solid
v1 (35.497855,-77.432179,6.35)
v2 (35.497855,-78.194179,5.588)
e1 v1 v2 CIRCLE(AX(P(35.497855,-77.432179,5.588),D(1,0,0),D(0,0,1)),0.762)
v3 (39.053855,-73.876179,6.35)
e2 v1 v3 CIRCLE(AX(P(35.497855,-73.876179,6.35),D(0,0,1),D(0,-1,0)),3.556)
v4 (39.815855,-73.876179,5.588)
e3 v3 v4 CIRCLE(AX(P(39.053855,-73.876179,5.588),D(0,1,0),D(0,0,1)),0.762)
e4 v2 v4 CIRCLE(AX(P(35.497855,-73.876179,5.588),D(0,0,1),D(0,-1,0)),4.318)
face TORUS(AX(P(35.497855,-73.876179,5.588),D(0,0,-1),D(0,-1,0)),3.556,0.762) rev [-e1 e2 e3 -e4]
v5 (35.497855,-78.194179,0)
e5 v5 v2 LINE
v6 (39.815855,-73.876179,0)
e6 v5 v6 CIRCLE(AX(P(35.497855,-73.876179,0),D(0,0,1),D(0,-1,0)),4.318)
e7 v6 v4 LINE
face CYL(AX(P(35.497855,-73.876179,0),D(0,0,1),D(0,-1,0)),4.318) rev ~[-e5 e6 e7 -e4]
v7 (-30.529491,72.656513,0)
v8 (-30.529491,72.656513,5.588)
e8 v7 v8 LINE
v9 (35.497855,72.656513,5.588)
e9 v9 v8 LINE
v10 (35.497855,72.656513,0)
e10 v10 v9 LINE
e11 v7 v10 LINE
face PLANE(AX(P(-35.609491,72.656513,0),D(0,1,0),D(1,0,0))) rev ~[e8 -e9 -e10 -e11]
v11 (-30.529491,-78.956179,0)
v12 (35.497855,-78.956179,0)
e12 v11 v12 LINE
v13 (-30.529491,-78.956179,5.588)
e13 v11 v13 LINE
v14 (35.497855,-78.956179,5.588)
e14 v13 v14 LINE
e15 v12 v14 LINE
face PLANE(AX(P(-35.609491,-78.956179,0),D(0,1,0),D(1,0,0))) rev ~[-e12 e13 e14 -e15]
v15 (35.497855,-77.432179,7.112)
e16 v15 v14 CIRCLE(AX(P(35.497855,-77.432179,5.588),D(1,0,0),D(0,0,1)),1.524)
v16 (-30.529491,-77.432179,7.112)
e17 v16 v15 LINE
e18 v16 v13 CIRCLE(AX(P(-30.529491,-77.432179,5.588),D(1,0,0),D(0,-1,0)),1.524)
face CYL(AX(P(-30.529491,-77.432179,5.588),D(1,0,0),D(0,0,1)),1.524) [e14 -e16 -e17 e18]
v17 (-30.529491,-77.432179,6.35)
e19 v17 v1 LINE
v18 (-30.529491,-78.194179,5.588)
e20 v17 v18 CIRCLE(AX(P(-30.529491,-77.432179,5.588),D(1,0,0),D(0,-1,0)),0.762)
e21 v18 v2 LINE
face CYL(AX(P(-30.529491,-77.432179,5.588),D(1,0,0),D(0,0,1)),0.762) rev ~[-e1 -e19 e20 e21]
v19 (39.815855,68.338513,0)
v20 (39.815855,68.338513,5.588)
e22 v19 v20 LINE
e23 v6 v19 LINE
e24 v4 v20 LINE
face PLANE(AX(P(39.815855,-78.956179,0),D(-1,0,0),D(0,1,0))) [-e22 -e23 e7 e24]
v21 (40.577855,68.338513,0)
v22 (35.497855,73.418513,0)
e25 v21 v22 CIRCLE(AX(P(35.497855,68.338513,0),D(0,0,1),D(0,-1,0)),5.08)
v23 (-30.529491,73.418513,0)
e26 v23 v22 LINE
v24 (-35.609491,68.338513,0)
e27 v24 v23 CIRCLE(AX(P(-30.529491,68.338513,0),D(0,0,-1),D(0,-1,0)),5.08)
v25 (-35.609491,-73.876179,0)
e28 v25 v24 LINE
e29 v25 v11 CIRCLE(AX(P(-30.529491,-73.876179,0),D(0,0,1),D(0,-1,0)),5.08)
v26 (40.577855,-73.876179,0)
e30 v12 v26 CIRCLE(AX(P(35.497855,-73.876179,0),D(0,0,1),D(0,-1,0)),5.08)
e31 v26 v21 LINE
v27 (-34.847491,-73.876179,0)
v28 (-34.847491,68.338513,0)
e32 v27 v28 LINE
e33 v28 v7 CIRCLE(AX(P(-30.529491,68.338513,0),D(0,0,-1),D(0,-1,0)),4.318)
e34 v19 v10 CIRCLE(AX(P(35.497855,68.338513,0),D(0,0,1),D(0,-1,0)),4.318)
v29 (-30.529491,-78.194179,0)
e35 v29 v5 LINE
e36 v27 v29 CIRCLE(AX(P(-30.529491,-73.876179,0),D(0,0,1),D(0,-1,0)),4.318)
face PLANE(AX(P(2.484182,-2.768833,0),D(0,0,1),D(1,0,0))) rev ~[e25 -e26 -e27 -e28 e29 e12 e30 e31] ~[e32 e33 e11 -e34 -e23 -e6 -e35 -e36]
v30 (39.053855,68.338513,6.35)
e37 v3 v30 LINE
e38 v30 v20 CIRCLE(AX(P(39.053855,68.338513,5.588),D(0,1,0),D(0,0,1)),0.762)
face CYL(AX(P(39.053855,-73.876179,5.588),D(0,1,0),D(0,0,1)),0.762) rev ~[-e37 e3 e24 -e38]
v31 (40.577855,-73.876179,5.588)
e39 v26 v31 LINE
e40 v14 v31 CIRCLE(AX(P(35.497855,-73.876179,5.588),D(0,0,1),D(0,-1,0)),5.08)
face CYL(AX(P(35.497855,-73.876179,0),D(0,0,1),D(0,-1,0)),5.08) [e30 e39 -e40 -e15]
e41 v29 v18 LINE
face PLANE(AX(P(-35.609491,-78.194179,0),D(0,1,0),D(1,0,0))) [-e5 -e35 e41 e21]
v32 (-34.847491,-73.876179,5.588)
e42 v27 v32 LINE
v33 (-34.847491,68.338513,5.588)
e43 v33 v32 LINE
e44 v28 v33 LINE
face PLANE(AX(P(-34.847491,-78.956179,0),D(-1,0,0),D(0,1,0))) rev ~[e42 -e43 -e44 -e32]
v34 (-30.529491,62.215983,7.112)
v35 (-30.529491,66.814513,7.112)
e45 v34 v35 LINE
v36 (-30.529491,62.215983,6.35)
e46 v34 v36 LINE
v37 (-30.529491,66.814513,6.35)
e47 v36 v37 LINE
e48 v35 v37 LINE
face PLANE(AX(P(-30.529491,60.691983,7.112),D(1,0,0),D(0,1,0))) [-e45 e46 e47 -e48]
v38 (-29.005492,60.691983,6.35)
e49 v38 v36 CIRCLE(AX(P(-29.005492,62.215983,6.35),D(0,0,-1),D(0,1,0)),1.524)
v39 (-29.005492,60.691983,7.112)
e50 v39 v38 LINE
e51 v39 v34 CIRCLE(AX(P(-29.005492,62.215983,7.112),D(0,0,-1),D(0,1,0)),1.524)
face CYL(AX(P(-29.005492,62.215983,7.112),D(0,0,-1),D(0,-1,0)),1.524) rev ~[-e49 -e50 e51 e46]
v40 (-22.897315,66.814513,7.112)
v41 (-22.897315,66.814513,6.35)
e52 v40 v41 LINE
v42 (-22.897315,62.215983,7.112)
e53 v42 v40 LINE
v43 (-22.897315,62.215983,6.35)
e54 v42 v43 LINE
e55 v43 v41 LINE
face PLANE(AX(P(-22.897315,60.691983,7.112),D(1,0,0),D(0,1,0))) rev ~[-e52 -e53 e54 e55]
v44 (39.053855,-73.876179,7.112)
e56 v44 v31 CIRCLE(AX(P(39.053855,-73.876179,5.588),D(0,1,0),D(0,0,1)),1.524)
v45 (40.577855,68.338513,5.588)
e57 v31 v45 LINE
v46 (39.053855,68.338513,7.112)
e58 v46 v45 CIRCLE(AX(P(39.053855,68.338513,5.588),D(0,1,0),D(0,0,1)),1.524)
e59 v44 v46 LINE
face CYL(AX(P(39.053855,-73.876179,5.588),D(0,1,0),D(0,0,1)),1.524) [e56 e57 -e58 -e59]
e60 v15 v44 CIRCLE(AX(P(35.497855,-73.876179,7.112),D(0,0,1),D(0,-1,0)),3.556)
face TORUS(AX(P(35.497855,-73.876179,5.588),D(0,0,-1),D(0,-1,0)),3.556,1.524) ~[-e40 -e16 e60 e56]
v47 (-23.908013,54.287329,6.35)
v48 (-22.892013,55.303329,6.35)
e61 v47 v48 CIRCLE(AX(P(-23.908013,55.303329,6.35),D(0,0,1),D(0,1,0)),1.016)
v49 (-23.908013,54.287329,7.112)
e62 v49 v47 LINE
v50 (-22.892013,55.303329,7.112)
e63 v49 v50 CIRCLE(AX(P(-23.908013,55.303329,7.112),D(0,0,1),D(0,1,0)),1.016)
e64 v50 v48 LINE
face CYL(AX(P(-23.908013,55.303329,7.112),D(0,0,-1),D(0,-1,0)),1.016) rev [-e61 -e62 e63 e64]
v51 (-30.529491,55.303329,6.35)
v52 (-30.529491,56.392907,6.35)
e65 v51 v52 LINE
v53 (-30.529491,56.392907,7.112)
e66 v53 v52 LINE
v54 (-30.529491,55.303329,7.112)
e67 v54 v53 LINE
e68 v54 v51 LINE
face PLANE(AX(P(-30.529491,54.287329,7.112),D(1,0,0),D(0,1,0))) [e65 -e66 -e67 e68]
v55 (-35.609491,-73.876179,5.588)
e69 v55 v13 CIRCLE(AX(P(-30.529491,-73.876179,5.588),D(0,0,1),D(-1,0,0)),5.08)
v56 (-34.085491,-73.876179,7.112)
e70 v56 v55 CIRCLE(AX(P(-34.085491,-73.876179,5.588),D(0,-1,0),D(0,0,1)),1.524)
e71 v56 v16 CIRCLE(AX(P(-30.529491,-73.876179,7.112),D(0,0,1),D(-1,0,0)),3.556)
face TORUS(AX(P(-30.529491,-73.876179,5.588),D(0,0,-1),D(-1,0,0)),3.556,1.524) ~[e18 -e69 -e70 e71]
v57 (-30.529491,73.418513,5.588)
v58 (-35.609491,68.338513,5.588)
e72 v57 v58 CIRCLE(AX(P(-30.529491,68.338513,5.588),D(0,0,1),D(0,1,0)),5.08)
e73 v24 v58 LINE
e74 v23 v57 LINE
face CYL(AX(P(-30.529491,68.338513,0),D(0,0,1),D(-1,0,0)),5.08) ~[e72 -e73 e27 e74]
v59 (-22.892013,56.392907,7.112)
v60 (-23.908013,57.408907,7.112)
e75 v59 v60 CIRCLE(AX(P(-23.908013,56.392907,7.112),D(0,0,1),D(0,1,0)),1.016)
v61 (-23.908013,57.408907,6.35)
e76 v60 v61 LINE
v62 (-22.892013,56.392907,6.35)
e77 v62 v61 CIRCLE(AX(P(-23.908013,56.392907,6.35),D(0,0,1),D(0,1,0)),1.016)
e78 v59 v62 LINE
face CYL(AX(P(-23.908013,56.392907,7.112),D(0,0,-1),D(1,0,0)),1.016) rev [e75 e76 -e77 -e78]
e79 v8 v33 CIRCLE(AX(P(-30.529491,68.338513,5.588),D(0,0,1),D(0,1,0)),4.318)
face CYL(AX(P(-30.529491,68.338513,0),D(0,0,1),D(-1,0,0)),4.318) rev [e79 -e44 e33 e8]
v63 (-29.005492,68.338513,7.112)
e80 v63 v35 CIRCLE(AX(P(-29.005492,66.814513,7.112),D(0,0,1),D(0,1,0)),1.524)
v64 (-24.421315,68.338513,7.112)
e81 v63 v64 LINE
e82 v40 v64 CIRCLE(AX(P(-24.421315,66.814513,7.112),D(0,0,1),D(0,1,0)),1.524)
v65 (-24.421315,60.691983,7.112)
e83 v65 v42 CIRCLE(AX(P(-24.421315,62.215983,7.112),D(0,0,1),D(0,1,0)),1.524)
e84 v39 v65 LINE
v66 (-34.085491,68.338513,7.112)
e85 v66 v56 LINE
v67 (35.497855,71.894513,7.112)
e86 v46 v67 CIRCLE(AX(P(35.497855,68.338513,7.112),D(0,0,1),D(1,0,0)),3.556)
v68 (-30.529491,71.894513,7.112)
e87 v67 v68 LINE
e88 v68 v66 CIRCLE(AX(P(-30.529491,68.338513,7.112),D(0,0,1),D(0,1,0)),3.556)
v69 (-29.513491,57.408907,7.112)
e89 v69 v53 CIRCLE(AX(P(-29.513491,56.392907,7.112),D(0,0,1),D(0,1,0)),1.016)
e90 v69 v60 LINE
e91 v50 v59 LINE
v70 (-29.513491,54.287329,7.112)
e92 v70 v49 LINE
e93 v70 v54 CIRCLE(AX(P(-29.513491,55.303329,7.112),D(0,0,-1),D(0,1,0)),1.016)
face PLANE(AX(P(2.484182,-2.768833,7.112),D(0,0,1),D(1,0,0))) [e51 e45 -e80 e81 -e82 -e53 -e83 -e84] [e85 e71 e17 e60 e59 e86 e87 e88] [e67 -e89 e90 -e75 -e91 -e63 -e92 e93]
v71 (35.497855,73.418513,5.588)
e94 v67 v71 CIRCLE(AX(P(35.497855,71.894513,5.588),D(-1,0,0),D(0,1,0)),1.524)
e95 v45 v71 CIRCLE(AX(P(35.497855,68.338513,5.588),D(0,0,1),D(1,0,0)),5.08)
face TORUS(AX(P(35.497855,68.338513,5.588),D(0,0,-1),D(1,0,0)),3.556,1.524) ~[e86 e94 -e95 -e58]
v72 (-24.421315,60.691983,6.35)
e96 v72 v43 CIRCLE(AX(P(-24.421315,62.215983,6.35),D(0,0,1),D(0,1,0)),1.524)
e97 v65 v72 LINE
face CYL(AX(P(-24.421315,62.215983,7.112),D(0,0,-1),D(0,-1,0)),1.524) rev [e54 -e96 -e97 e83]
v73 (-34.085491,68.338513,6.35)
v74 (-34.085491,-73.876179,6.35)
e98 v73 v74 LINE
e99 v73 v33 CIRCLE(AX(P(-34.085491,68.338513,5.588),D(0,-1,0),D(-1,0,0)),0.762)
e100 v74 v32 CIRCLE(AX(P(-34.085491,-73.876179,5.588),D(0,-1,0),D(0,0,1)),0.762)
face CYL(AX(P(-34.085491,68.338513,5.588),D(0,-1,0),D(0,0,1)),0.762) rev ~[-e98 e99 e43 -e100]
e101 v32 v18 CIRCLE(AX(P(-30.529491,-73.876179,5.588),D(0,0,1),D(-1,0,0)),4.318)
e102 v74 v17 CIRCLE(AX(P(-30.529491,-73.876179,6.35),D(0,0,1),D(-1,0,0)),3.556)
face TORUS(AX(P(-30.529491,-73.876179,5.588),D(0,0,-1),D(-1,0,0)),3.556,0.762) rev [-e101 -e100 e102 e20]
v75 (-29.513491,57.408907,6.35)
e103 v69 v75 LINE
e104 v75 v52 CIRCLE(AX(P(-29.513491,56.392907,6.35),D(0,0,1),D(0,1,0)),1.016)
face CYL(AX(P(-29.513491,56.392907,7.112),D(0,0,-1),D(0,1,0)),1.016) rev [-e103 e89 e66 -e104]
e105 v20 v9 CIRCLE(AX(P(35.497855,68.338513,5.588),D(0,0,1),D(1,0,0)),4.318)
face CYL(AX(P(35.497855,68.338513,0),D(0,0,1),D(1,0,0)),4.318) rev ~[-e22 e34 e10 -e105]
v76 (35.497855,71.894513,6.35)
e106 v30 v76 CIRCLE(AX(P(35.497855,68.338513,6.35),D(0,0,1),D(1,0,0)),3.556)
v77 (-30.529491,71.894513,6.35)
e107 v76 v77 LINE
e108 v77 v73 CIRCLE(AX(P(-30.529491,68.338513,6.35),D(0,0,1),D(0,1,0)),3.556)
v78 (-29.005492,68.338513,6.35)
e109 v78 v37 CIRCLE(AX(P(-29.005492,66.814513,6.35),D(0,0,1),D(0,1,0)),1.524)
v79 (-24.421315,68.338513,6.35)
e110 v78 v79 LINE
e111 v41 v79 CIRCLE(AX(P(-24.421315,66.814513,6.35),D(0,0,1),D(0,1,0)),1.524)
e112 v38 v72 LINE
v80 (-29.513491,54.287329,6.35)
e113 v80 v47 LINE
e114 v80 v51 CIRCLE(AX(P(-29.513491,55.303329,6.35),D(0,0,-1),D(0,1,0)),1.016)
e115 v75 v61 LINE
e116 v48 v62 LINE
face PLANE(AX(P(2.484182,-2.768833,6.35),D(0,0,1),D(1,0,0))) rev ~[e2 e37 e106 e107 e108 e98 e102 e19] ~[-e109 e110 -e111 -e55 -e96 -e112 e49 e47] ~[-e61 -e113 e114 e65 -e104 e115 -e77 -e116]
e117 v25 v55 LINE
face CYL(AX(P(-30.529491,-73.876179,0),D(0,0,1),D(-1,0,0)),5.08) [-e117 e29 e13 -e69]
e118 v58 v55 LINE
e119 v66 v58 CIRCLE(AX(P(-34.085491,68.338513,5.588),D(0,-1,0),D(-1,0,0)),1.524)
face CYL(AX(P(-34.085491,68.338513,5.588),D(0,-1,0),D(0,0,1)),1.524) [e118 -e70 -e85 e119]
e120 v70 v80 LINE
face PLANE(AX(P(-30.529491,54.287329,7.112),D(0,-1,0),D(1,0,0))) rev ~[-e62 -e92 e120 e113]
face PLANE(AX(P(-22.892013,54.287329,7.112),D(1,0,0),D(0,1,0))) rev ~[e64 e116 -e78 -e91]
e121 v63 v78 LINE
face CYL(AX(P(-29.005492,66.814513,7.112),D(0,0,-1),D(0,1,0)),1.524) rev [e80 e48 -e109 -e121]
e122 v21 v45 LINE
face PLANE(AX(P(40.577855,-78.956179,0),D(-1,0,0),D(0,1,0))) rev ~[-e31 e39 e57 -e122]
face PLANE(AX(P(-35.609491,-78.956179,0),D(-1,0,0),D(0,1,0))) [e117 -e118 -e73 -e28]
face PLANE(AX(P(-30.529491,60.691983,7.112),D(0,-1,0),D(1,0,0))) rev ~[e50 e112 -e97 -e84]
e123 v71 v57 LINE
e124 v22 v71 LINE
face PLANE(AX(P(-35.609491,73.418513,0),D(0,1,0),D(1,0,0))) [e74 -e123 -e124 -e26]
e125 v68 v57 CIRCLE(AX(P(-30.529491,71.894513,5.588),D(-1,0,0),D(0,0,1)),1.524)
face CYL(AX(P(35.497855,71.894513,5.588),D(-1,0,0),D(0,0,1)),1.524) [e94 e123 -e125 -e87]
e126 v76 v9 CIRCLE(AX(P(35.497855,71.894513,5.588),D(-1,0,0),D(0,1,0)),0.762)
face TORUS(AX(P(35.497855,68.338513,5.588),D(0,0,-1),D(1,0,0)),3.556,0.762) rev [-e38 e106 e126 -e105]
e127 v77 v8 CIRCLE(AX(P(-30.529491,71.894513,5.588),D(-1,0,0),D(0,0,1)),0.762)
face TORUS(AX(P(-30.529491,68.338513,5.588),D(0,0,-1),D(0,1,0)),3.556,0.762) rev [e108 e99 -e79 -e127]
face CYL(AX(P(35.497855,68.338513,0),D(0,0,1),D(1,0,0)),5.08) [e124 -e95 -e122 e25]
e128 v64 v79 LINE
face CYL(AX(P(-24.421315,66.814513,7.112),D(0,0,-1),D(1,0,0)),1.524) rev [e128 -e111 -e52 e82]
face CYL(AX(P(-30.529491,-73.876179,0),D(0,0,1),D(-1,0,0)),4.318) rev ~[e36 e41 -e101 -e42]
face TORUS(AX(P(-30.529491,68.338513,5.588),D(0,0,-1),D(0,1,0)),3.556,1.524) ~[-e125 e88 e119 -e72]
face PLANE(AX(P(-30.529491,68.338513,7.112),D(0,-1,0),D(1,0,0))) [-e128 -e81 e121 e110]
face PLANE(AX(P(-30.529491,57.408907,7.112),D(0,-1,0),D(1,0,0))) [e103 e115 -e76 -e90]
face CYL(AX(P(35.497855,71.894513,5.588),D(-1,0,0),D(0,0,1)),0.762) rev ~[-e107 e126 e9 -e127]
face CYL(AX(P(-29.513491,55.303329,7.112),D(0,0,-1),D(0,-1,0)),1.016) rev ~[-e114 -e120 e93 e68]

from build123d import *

# Parameters (mm, degrees)
F0_W     = 76.187346
F0_H     = 152.374692
F1_DEPTH = 7.112
F2_R     = 5.08
F3_R     = 1.524
F4_T     = -0.762
F5_W     = 7.632177
F5_H     = 7.64653
F6_DEPTH = 25.4
F7_R     = 1.524
F8_W     = 7.637478
F8_H     = 3.121578
F9_DEPTH = 25.4
F10_R    = 1.016


with BuildPart() as f1:
    # F0 (on Top) → F1 (new body)
    with BuildSketch(Plane.XY):
        with Locations((2.484182, -2.768833)):
            Rectangle(F0_W, F0_H)
    extrude(amount=F1_DEPTH)

    # F2
    f2_edges = [f1.edges().sort_by_distance(p)[0] for p in [
        (40.577855, -78.956179, 3.556),
        (-35.609491, -78.956179, 3.556),
        (-35.609491, 73.418513, 3.556),
        (40.577855, 73.418513, 3.556),
    ]]
    fillet(f2_edges, radius=F2_R)

    # F3
    f3_edges = [f1.edges().sort_by_distance(p)[0] for p in [
        (40.577855, -2.768833, 7.112),
        (-35.609491, -2.768833, 7.112),
    ]]
    fillet(f3_edges, radius=F3_R)

    # F4
    f4_openings = [f1.faces().sort_by_distance(p)[0] for p in [
        (2.484182, -2.768833, 0),
    ]]
    offset(amount=F4_T, openings=f4_openings)

    # F5 (on face) → F6 (cut)
    with BuildSketch(Plane.XY.offset(7.112)):
        with Locations((-26.713403, 64.515248)):
            Rectangle(F5_W, F5_H)
    extrude(amount=-F6_DEPTH, mode=Mode.SUBTRACT)

    # F7
    f7_edges = [f1.edges().sort_by_distance(p)[0] for p in [
        (-22.897314, 60.691983, 6.731),
        (-30.529491, 60.691983, 6.731),
        (-22.897314, 68.338513, 6.731),
        (-30.529491, 68.338513, 6.731),
    ]]
    fillet(f7_edges, radius=F7_R)

    # F8 (on face) → F9 (cut)
    with BuildSketch(Plane.XY.offset(7.112)):
        with Locations((-26.710752, 55.848118)):
            Rectangle(F8_W, F8_H)
    extrude(amount=-F9_DEPTH, mode=Mode.SUBTRACT)

    # F10
    f10_edges = [f1.edges().sort_by_distance(p)[0] for p in [
        (-30.529491, 54.287329, 6.731),
        (-22.892013, 54.287329, 6.731),
        (-30.529491, 57.408907, 6.731),
        (-22.892013, 57.408907, 6.731),
    ]]
    fillet(f10_edges, radius=F10_R)


solid = f1.part
